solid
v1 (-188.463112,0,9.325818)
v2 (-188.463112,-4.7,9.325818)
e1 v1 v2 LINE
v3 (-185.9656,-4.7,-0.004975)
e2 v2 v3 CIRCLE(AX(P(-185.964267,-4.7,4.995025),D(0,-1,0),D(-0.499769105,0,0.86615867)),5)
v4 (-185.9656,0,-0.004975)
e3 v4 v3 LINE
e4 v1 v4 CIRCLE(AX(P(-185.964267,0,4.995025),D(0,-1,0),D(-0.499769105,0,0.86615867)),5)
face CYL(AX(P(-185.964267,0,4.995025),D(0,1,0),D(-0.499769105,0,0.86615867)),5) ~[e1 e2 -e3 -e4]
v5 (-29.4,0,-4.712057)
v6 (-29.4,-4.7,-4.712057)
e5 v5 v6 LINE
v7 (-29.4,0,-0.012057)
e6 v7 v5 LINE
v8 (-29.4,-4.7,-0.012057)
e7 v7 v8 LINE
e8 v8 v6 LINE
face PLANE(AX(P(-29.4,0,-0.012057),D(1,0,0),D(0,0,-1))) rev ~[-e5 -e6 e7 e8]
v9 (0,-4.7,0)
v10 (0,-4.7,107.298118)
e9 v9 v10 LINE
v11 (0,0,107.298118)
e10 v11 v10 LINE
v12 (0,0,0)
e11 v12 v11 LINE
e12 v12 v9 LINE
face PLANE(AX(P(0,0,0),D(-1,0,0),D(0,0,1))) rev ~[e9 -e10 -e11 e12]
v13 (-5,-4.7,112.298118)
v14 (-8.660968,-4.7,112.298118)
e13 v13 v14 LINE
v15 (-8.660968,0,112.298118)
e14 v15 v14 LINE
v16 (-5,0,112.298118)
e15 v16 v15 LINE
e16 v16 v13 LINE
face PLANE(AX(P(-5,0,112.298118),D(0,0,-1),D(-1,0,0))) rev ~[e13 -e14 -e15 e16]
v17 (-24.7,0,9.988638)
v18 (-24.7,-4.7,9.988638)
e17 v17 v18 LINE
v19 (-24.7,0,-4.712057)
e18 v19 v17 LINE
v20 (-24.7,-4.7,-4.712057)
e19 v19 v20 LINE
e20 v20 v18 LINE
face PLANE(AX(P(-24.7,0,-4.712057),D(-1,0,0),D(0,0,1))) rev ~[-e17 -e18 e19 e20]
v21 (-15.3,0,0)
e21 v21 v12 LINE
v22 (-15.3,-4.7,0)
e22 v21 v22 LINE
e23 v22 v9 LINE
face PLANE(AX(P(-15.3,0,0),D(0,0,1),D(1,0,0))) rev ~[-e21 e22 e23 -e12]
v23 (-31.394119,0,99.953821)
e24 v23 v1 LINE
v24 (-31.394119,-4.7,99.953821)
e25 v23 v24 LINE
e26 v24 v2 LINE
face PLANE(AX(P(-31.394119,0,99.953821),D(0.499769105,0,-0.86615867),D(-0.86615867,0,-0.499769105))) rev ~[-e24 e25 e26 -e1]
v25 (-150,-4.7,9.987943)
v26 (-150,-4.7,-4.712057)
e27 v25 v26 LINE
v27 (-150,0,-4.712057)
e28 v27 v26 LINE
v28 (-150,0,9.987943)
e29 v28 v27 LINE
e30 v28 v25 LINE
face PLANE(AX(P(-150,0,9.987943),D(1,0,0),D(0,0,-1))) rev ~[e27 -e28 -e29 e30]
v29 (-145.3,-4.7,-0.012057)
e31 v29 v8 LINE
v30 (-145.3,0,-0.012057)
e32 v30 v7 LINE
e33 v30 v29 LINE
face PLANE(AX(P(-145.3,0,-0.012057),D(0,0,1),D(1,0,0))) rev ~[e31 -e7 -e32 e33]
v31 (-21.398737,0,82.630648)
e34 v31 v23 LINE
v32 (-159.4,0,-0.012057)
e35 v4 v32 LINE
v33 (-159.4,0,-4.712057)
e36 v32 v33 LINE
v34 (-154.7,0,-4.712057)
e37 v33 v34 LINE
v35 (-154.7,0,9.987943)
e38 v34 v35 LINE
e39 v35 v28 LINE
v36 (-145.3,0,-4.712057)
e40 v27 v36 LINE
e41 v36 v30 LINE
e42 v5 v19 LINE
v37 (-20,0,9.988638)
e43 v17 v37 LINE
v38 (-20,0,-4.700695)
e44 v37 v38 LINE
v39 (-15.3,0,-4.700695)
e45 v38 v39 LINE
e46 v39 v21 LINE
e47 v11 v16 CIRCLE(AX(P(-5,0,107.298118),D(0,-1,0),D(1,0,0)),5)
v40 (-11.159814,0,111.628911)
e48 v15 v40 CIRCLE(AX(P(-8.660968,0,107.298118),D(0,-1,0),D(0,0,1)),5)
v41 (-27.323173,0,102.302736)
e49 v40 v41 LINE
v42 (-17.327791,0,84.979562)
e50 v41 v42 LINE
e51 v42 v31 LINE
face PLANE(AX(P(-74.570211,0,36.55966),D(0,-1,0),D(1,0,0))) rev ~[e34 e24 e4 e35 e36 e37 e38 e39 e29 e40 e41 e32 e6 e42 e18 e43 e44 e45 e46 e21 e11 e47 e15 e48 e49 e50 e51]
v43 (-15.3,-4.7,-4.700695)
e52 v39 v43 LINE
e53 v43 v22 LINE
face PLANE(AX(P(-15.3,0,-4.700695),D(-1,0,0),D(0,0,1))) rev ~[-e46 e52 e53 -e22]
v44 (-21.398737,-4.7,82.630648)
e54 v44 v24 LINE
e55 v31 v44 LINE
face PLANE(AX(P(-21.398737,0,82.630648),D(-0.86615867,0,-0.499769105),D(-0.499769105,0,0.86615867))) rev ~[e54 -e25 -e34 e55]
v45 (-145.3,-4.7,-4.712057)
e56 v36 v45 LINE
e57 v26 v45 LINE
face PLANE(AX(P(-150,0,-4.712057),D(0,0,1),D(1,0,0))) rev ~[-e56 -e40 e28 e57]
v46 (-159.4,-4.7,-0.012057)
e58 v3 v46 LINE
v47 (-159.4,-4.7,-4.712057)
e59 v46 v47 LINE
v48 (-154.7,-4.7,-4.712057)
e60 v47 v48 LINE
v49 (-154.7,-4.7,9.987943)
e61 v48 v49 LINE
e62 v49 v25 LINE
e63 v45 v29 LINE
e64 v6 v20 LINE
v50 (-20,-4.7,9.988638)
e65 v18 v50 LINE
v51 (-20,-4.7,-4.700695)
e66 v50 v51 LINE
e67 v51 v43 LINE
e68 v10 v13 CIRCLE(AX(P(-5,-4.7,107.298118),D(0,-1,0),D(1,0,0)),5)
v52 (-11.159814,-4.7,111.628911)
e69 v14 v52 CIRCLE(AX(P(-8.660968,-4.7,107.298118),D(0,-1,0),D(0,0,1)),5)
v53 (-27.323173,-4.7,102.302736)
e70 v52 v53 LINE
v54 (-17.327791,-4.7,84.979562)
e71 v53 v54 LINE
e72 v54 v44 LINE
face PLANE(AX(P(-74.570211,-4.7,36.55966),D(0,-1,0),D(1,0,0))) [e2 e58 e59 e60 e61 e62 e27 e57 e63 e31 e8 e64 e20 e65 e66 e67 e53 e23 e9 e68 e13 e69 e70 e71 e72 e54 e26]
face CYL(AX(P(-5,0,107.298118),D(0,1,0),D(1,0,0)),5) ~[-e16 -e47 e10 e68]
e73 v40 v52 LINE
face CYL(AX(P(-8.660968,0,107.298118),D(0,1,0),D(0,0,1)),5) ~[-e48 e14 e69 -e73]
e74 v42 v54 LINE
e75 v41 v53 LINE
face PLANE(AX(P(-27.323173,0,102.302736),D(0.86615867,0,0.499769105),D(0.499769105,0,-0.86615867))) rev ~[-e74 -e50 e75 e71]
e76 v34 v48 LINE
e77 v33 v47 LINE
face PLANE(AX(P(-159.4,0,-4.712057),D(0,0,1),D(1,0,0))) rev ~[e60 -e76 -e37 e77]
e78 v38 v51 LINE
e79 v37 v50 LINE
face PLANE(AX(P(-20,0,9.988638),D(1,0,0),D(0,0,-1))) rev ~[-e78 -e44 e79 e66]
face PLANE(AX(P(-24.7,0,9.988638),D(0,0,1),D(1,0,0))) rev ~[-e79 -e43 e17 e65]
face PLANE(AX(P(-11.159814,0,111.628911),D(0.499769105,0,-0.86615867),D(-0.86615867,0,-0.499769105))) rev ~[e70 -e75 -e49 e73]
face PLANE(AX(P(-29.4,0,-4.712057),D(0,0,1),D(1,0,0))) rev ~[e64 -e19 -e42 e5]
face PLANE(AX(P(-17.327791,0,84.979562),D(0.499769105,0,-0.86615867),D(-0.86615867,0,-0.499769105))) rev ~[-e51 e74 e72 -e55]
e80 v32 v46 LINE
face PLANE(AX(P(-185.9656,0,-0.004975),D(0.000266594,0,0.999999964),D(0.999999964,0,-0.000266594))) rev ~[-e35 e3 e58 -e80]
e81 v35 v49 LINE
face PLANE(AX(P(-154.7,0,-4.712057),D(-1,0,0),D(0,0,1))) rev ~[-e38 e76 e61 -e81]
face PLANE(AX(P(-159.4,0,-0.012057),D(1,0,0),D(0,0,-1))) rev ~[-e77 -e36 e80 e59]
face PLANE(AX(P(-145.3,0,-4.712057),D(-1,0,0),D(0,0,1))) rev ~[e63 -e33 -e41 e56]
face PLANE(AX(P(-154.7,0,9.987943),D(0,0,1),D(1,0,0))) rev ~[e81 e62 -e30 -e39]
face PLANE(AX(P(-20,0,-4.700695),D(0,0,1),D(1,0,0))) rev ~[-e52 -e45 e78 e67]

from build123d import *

# Parameters (mm, degrees)
F2_DEPTH = 4.7


with BuildPart() as f2:
    # F1 (on Front) → F2 (new body)
    with BuildSketch(Plane.XZ):
        with BuildLine():
            Line((-15.3, 0), (0, 0))
            Line((0, 0), (0, 107.2981178668))
            ThreePointArc((0, 107.2981178668), (-1.4644660941, 110.8336517727), (-5, 112.2981178668))
            Line((-5, 112.2981178668), (-8.6609683494, 112.2981178668))
            ThreePointArc((-8.6609683494, 112.2981178668), (-9.9544197878, 112.1279194545), (-11.1598138738, 111.6289112173))
            Line((-11.1598138738, 111.6289112173), (-27.3231734022, 102.3027357692))
            Line((-27.3231734022, 102.3027357692), (-17.3277913046, 84.979562367))
            Line((-17.3277913046, 84.979562367), (-21.3987370541, 82.630647574))
            Line((-21.3987370541, 82.630647574), (-31.3941191517, 99.9538209762))
            Line((-31.3941191517, 99.9538209762), (-188.4631123523, 9.3258184573))
            ThreePointArc((-188.4631123523, 9.3258184573), (-190.794240786, 3.7022174784), (-185.9655997989, -0.0049747155))
            Line((-185.9655997989, -0.0049747155), (-159.4, -0.0120569506))
            Line((-159.4, -0.0120569506), (-159.4, -4.7120569506))
            Line((-159.4, -4.7120569506), (-154.7, -4.7120569506))
            Line((-154.7, -4.7120569506), (-154.7, -0.0120569506))
            Line((-154.7, -0.0120569506), (-154.7, 9.9879430494))
            Line((-154.7, 9.9879430494), (-150, 9.9879430494))
            Line((-150, 9.9879430494), (-150, -0.0120569506))
            Line((-150, -0.0120569506), (-150, -4.7120569506))
            Line((-150, -4.7120569506), (-145.3, -4.7120569506))
            Line((-145.3, -4.7120569506), (-145.3, -0.0120569506))
            Line((-145.3, -0.0120569506), (-29.4, -0.0120569506))
            Line((-29.4, -0.0120569506), (-29.4, -4.7120569506))
            Line((-29.4, -4.7120569506), (-24.7, -4.7120569506))
            Line((-24.7, -4.7120569506), (-24.7, -0.0113617169))
            Line((-24.7, -0.0113617169), (-24.7, 9.9886382831))
            Line((-24.7, 9.9886382831), (-20, 9.9886382831))
            Line((-20, 9.9886382831), (-20, 0))
            Line((-20, 0), (-20, -4.7006952337))
            Line((-20, -4.7006952337), (-15.3, -4.7006952337))
            Line((-15.3, -4.7006952337), (-15.3, 0))
        make_face()
    extrude(amount=F2_DEPTH)


solid = f2.part
